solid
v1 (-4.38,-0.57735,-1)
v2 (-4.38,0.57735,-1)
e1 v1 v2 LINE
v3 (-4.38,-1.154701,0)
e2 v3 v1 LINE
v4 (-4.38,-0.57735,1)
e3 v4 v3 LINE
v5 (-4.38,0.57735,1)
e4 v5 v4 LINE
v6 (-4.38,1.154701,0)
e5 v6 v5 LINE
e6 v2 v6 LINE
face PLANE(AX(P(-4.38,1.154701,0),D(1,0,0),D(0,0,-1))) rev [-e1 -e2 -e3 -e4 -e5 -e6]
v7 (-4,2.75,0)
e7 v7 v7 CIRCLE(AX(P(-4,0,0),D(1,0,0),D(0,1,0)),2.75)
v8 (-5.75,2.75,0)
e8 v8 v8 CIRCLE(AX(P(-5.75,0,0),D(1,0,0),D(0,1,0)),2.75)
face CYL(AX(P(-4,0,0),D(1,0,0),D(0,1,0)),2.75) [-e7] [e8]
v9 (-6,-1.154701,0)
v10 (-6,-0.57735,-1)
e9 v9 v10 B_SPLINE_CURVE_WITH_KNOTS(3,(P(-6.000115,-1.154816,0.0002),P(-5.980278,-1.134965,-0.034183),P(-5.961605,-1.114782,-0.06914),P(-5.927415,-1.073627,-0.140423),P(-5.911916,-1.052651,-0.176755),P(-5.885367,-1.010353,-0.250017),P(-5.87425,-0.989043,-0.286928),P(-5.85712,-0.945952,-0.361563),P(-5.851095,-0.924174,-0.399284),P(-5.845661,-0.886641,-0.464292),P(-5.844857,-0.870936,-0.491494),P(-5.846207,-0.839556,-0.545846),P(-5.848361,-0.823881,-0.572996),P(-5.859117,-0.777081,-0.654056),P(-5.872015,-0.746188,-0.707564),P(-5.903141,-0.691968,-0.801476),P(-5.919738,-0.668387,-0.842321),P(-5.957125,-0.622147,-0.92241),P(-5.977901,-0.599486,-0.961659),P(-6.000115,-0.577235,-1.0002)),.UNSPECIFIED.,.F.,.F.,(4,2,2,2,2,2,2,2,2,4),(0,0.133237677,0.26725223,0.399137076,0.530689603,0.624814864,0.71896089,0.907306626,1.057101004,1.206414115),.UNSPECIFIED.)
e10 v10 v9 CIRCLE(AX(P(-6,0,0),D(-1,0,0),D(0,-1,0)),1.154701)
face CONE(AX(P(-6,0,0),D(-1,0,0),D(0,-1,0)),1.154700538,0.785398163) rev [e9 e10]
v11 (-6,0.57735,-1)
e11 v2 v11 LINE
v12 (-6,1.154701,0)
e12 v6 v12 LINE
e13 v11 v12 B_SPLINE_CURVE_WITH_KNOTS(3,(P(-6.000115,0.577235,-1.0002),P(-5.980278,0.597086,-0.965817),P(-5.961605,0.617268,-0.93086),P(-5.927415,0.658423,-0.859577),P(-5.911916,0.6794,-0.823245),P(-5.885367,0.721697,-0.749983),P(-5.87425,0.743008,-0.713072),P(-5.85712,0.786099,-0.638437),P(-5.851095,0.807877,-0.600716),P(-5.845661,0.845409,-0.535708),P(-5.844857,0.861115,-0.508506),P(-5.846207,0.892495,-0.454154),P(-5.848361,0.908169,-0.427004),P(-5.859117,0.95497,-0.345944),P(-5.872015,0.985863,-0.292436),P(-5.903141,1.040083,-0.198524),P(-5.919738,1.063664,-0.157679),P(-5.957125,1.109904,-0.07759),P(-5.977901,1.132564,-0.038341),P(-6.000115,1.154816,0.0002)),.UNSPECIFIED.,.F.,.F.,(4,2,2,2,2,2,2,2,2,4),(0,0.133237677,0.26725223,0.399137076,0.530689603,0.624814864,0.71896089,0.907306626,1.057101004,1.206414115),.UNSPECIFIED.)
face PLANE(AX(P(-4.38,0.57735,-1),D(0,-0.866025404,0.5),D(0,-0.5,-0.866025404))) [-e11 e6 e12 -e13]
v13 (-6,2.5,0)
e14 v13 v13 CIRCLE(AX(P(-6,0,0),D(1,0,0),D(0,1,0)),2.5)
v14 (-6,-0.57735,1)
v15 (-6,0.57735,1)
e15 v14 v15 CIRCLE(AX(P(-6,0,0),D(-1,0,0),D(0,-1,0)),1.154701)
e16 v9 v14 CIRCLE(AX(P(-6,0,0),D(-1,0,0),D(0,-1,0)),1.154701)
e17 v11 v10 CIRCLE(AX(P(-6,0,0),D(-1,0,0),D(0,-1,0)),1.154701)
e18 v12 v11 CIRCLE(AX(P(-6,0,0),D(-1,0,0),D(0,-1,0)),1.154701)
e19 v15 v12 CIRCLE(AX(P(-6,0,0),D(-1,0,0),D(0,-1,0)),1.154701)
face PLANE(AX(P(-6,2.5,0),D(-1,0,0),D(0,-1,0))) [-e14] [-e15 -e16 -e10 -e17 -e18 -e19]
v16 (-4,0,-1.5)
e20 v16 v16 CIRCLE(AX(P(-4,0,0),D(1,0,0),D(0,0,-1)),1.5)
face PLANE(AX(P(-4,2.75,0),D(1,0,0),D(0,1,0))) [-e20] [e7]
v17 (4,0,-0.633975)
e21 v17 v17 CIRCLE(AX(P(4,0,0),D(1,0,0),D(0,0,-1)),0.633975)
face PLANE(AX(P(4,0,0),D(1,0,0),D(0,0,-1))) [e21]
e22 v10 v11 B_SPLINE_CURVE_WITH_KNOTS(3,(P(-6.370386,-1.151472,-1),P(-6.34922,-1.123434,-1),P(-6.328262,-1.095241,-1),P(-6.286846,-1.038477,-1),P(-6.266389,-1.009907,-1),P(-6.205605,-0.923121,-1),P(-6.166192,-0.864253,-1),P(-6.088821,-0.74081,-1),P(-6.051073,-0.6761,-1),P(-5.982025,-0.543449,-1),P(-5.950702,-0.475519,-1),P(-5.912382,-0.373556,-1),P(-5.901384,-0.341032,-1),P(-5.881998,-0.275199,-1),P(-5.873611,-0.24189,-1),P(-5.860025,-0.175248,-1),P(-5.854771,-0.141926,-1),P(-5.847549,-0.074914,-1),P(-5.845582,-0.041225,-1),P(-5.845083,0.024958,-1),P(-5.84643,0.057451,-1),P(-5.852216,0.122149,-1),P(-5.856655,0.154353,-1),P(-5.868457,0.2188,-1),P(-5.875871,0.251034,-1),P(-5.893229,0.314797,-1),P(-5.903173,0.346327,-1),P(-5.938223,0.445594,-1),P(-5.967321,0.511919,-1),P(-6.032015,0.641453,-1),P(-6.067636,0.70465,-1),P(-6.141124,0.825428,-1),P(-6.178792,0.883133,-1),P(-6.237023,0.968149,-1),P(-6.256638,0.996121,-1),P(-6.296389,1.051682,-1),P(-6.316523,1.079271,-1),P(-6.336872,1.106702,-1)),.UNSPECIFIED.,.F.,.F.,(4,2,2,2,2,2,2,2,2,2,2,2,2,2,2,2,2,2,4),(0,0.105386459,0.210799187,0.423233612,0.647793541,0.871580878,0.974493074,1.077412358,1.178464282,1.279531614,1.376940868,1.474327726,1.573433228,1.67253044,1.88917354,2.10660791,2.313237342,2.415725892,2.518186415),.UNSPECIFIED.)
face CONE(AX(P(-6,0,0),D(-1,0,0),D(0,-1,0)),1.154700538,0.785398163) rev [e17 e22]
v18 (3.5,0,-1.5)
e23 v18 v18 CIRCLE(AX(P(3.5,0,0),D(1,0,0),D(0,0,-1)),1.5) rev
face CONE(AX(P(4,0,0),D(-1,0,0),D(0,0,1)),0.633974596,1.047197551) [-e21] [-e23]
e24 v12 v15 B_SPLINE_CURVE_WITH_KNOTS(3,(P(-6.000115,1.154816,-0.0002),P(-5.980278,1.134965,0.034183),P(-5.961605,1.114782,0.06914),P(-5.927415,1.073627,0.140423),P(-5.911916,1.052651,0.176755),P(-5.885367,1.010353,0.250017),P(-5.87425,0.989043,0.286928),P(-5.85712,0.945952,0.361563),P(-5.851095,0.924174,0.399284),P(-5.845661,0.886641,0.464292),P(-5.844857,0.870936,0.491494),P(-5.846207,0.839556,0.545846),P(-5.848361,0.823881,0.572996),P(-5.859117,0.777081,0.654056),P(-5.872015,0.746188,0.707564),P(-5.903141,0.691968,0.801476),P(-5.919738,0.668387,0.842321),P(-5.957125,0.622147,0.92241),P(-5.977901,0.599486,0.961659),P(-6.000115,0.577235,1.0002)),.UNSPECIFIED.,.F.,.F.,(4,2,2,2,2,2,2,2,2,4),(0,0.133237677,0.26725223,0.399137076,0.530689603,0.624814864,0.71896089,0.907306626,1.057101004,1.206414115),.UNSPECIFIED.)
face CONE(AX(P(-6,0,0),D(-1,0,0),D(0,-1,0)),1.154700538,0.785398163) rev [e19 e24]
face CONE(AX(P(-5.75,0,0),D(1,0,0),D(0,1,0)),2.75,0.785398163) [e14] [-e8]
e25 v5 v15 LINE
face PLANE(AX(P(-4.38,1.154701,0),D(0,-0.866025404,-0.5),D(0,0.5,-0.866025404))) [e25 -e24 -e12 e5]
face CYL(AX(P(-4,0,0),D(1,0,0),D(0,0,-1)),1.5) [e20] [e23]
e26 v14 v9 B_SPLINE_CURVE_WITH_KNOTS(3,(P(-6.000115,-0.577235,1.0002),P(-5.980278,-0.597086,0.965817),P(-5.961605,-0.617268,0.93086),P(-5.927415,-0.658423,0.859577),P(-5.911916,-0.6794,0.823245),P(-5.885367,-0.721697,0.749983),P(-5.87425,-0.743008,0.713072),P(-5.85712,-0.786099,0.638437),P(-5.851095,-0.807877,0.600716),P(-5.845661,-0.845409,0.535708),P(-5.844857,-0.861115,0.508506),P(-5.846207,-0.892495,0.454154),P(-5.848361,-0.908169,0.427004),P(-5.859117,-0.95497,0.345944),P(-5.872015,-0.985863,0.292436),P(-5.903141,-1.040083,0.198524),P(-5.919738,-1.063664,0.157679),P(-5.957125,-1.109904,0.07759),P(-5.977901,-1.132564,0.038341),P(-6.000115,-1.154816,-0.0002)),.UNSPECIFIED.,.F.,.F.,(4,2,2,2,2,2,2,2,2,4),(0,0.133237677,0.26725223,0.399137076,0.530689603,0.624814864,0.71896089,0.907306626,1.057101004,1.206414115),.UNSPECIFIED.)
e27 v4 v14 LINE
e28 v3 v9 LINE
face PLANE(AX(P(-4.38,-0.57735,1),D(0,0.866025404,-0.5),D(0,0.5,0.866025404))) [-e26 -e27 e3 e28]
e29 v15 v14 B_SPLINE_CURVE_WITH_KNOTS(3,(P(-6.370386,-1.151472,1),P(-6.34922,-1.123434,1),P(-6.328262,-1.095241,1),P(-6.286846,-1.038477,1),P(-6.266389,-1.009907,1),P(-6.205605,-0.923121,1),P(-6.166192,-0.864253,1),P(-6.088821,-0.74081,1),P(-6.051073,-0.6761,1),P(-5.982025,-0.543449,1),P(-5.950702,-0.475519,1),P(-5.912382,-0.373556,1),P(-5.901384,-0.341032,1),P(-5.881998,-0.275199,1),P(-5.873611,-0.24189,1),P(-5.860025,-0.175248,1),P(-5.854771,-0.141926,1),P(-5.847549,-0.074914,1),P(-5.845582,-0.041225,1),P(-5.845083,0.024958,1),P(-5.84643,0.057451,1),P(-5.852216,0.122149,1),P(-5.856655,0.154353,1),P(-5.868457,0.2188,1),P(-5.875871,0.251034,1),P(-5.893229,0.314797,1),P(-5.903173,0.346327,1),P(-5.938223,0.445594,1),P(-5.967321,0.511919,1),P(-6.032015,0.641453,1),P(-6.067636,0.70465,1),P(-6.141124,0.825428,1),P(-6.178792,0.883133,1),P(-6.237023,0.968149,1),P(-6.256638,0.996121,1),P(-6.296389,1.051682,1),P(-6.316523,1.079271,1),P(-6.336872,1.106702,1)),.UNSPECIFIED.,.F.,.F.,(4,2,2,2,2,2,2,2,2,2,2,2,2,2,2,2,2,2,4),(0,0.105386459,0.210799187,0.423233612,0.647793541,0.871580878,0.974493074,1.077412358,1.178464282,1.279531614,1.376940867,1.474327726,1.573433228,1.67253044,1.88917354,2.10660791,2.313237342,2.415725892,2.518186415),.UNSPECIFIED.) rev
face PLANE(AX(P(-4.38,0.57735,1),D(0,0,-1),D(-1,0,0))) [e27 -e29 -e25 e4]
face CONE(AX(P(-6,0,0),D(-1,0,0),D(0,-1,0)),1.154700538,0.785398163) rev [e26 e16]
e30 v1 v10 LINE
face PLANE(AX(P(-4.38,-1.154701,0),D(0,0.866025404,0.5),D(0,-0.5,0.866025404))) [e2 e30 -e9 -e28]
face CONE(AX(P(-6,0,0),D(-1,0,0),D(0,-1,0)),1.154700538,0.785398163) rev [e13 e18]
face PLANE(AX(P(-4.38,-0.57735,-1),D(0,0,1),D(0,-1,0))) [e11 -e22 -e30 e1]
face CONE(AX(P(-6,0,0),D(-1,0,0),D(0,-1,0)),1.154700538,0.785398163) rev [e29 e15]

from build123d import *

# Parameters (mm, degrees)
SKETCH2_R              = 1.5
BOSS_EXTRUDE1_DEPTH    = 8
CHAMFER1_SIZE          = 0.375
CUT_SWEEP1_PITCH       = 0.5
CUT_SWEEP1_HEIGHT      = 8.5
CUT_SWEEP1_RADIUS      = 1.5
CUT_SWEEP1_START_ANGLE = -90
CUT_EXTRUDE1_DEPTH     = 1.62
SKETCH8_R              = 1.154700538
CUT_EXTRUDE2_DEPTH     = 11.0000001
CUT_EXTRUDE2_DRAFT     = -45
SKETCH9_R              = 1.5
BOSS_EXTRUDE2_DEPTH    = 8.38
CHAMFER2_SIZE          = 0.5
CHAMFER2_SIZE2         = 0.866025404


with BuildPart() as part:
    # Sketch2 → Boss-Extrude1 (new body)
    with BuildSketch(Plane(origin=(4, 0, 0), x_dir=(0, 0, -1), z_dir=(1, 0, 0))):
        Circle(SKETCH2_R)
    extrude(amount=-BOSS_EXTRUDE1_DEPTH)

    # Chamfer1
    chamfer1_edges = [part.edges().sort_by_distance(p)[0] for p in [
        (4, 0, 1.5),
    ]]
    chamfer(chamfer1_edges, length=CHAMFER1_SIZE)

    # Cut-Sweep1: sweep along a helix
    with BuildLine() as cut_sweep1_path:
        add(Helix(CUT_SWEEP1_PITCH, CUT_SWEEP1_HEIGHT, CUT_SWEEP1_RADIUS, center=(4, 0, 0), direction=(-1, 0, 0), mode=Mode.PRIVATE).rotate(Axis((4, 0, 0), (-1, 0, 0)), CUT_SWEEP1_START_ANGLE))
    # Sketch5 → Cut-Sweep1 (sweep, cut)
    with BuildSketch(Plane.XY):
        Polygon((3.78125, 1.5), (4.21875, 1.5), (4.03125, 1.175240474), (3.96875, 1.175240474), align=None)
    sweep(path=cut_sweep1_path.line, is_frenet=True, mode=Mode.SUBTRACT)

    # Sketch6 → Revolve1 (revolve)
    with BuildSketch(Plane.XY):
        Polygon((-5.75, 2.75), (-6, 2.5), (-6, 0), (-4, 0), (-4, 2.75), align=None)
    revolve(axis=Axis((-4, 0, 0), (-1, 0, 0)))

    # Sketch4 → Cut-Extrude1 (cut)
    with BuildSketch(Plane(origin=(-6, 0, 0), x_dir=(0, 0, -1), z_dir=(1, 0, 0))):
        Polygon((0, 1.154700538), (-1, 0.577350269), (-1, -0.577350269), (0, -1.154700538), (1, -0.577350269), (1, 0.577350269), align=None)
    extrude(amount=CUT_EXTRUDE1_DEPTH, mode=Mode.SUBTRACT)


with BuildPart() as cut_extrude2_tool:
    # Sketch8 → Cut-Extrude2 (with draft: the straight prism first)
    with BuildSketch(Plane.ZY.offset(6)):
        Circle(SKETCH8_R)
    extrude(amount=-CUT_EXTRUDE2_DEPTH)
    # Cut-Extrude2: the draft: its side faces are tilted about the plane it starts from
    cut_extrude2_sides = [cut_extrude2_tool.faces().sort_by_distance(p)[0] for p in [
        (-0.49999995, 0, -1.154700538),
    ]]
    draft(cut_extrude2_sides, Plane.ZY.offset(6), CUT_EXTRUDE2_DRAFT)


with BuildPart() as part_1:
    add(part.part)

    # Cut-Extrude2: cut by cut_extrude2_tool
    add(cut_extrude2_tool.part, mode=Mode.SUBTRACT)

    # Sketch9 → Boss-Extrude2 (add)
    with BuildSketch(Plane(origin=(4, 0, 0), x_dir=(0, 0, -1), z_dir=(1, 0, 0))):
        Circle(SKETCH9_R)
    extrude(amount=-BOSS_EXTRUDE2_DEPTH)

    # Chamfer2
    chamfer2_edges = [part_1.edges().sort_by_distance(p)[0] for p in [
        (4, 0, 1.5),
    ]]
    chamfer2_side = [part_1.faces().sort_by_distance(p)[0] for p in [
        (0, 0, 1.5),
    ]]
    chamfer(chamfer2_edges, length=CHAMFER2_SIZE, length2=CHAMFER2_SIZE2, reference=chamfer2_side[0])


solid = part_1.part
